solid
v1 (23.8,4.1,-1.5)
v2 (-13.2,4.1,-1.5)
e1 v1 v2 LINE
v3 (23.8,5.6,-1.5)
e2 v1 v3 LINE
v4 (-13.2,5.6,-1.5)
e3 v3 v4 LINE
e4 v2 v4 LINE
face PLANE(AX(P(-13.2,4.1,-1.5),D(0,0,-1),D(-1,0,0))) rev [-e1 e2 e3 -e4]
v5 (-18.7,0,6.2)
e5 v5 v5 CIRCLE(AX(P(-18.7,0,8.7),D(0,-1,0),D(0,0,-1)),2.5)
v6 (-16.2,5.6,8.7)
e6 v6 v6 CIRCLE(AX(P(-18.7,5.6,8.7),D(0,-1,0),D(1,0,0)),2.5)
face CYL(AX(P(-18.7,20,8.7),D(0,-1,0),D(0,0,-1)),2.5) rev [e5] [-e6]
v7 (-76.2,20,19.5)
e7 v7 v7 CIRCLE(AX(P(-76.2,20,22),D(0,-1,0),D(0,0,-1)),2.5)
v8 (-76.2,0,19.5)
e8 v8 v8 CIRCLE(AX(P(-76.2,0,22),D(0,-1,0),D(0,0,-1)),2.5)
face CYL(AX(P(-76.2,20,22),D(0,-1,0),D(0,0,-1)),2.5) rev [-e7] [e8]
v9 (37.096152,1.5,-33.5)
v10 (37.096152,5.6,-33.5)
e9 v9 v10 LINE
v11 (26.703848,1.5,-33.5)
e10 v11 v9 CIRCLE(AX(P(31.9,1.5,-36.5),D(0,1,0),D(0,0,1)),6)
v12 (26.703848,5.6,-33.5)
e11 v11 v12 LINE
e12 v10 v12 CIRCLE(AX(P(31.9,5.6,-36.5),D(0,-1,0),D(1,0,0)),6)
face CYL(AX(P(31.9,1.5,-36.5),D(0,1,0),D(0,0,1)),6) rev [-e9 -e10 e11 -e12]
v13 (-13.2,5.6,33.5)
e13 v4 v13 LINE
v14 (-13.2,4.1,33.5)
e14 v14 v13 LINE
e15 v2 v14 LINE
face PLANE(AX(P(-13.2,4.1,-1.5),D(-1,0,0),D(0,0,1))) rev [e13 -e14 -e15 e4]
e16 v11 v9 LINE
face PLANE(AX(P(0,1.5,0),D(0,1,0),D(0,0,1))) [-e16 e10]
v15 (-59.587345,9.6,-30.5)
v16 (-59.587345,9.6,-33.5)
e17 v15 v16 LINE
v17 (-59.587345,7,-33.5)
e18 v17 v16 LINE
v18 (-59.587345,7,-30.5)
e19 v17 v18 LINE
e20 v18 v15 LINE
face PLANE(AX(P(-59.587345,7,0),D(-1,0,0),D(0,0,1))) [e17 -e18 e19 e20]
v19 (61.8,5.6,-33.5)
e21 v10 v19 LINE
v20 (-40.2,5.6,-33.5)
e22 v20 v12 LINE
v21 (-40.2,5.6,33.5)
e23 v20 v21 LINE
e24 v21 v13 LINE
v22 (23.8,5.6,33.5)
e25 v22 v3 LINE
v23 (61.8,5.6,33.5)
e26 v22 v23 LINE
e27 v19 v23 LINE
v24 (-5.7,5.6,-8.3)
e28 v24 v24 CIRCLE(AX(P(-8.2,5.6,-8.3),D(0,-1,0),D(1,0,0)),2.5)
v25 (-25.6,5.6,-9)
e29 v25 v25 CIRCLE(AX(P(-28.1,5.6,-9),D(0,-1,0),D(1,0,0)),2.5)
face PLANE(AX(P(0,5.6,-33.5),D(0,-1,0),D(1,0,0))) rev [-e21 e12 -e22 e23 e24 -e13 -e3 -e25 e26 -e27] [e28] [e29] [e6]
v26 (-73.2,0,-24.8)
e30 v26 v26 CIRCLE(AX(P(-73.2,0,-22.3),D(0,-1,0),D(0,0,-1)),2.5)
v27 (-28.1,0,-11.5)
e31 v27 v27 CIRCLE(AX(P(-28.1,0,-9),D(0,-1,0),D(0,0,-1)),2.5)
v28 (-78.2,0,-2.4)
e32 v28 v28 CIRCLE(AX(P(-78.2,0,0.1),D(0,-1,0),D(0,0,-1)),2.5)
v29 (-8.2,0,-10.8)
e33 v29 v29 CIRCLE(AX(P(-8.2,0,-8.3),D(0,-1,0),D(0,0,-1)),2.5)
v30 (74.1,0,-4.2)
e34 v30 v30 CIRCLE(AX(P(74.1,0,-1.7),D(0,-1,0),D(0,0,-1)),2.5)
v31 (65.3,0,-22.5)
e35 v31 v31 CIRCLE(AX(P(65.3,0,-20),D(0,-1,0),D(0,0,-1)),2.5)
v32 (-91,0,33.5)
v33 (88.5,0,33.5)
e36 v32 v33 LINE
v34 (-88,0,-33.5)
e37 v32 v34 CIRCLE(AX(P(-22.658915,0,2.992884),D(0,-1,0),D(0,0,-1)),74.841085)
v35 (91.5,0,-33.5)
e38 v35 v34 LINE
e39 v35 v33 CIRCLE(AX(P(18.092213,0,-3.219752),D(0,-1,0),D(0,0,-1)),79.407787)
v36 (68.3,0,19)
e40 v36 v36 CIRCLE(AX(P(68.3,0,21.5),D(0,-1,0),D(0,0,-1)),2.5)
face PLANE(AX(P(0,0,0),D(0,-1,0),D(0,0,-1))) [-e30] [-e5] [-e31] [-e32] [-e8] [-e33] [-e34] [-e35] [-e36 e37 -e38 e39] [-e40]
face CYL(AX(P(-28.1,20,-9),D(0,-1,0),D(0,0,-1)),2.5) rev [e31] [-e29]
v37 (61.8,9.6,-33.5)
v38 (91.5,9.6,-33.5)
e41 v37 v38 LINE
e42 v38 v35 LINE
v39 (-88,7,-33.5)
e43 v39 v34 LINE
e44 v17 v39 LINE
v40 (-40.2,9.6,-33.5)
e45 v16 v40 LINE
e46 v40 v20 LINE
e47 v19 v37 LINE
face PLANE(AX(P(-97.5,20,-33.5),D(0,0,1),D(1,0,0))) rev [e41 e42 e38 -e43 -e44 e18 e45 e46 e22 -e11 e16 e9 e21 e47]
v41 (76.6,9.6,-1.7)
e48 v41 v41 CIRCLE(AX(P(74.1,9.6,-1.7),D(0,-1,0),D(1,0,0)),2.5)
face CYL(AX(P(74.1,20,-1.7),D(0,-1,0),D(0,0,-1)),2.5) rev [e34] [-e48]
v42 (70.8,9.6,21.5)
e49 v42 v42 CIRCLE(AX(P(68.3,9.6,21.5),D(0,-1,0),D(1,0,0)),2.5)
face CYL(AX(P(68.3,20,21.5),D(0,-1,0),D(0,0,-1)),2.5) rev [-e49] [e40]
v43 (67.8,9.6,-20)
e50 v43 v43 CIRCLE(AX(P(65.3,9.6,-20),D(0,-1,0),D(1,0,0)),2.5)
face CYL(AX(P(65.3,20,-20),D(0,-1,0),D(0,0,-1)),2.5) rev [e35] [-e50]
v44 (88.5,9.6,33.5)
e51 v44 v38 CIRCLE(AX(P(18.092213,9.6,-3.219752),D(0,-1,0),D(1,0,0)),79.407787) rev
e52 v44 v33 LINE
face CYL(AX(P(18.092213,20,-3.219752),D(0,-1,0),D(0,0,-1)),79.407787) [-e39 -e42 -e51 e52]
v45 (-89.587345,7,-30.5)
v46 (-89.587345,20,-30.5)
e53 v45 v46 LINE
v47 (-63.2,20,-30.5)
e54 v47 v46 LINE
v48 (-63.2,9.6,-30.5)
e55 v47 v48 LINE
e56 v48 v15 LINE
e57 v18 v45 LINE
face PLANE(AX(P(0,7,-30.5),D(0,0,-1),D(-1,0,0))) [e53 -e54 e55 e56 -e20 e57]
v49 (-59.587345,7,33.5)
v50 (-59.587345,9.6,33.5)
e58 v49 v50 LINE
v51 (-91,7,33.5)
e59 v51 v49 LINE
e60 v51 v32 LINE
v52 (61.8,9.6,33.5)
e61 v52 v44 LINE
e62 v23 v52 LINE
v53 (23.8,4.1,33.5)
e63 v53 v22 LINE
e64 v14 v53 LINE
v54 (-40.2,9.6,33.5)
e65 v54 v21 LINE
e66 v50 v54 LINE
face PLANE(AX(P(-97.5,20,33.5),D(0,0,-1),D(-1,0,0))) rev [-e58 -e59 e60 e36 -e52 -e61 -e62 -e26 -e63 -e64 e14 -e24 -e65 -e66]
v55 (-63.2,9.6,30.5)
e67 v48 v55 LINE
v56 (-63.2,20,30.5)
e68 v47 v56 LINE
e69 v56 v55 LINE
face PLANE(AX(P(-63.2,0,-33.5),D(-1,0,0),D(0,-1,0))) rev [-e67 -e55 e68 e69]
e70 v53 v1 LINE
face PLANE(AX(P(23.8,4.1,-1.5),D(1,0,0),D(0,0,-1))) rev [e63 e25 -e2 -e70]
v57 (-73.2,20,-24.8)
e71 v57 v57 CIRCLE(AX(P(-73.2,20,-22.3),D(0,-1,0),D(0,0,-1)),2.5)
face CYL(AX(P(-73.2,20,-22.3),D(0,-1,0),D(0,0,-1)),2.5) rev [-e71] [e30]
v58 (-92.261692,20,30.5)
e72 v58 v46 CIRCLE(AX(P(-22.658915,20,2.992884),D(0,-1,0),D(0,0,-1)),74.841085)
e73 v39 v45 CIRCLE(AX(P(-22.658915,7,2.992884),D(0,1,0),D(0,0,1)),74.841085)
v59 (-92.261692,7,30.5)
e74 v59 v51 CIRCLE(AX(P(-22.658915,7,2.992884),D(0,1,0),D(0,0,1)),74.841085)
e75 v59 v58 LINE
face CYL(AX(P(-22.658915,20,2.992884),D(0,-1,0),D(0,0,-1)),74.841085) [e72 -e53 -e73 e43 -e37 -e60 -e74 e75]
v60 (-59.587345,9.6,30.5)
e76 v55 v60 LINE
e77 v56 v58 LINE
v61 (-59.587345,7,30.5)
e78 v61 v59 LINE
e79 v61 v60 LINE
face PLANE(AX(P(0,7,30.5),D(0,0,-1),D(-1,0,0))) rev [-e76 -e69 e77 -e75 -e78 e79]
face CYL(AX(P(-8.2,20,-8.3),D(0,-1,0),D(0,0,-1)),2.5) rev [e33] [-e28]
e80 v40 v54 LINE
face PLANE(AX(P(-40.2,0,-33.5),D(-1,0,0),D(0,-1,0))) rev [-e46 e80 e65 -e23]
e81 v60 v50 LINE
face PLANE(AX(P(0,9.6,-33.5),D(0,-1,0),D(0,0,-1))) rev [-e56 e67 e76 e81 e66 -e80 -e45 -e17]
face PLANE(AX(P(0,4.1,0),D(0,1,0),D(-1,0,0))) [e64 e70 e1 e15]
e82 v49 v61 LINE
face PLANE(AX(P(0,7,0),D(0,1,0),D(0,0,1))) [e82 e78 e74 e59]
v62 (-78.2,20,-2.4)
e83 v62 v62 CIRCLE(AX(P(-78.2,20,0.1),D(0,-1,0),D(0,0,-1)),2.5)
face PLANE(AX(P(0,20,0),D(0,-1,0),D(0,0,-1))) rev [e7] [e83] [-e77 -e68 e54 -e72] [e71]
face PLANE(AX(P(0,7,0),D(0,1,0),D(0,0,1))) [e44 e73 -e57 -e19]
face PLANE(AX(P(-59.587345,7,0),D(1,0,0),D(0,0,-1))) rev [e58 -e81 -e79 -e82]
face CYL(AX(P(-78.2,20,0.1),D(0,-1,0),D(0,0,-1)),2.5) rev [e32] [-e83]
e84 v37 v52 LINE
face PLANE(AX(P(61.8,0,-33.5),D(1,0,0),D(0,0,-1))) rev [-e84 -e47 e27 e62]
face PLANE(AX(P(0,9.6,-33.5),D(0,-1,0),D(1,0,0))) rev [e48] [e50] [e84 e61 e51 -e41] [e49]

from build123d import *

# Parameters (mm, degrees)
SKETCH1_W           = 195
SKETCH1_H           = 67
BOSS_EXTRUDE1_DEPTH = 20
CUT_EXTRUDE1_DEPTH  = 20
CUT_EXTRUDE2_DEPTH  = 120.980206701
CUT_EXTRUDE3_START  = -13
SKETCH4_W           = 3.612655346
SKETCH4_H           = 3
CUT_EXTRUDE3_DEPTH  = 13
SKETCH6_R           = 2.5
CUT_EXTRUDE4_DEPTH  = 106.016665344
SKETCH7_W           = 37
SKETCH7_H           = 35
CUT_EXTRUDE5_DEPTH  = 1.5
CUT_EXTRUDE6_DEPTH  = 18.5


with BuildPart() as part:
    # Sketch1 → Boss-Extrude1 (new body)
    with BuildSketch(Plane(origin=(0, 0, 0), x_dir=(1, 0, 0), z_dir=(0, 1, 0))):
        Rectangle(SKETCH1_W, SKETCH1_H)
    extrude(amount=BOSS_EXTRUDE1_DEPTH)

    # Sketch2 → Cut-Extrude1 (cut)
    with BuildSketch(Plane.XZ):
        with BuildLine():
            Line((97.5, -3.219751644), (97.5, 33.5))
            Line((97.5, 33.5), (88.5, 33.5))
            ThreePointArc((88.5, 33.5), (95.217186872, 15.683556008), (97.5, -3.219751644))
        make_face()
        with BuildLine():
            Line((97.5, -33.5), (97.5, -3.219751644))
            ThreePointArc((97.5, -3.219751644), (95.985558513, -18.65423771), (91.5, -33.5))
            Line((91.5, -33.5), (97.5, -33.5))
        make_face()
        with BuildLine():
            ThreePointArc((-88, -33.5), (-95.08607052, -15.861694529), (-97.5, 2.992884749))
            Line((-97.5, 2.992884749), (-97.5, -33.5))
            Line((-97.5, -33.5), (-88, -33.5))
        make_face()
        with BuildLine():
            ThreePointArc((-97.5, 2.992884749), (-95.856964648, 18.588830376), (-91, 33.5))
            Line((-91, 33.5), (-97.5, 33.5))
            Line((-97.5, 33.5), (-97.5, 2.992884749))
        make_face()
    extrude(amount=-CUT_EXTRUDE1_DEPTH, mode=Mode.SUBTRACT)

    # Sketch3 → Cut-Extrude2 (cut, through all)
    with BuildSketch(Plane(origin=(0, 0, 33.5), x_dir=(-1, 0, 0), z_dir=(0, 0, -1))):
        Polygon((63.2, 20), (63.2, 9.6), (40.2, 9.6), (40.2, 5.6), (-61.8, 5.6), (-61.8, 9.6), (-97.5, 9.6), (-97.5, 20), align=None)
    extrude(amount=CUT_EXTRUDE2_DEPTH, mode=Mode.SUBTRACT)

    # Sketch4 → Cut-Extrude3 (cut)
    with BuildSketch(Plane(origin=(0, 20, 0), x_dir=(1, 0, 0), z_dir=(0, 1, 0)).offset(CUT_EXTRUDE3_START)):
        with BuildLine():
            Line((-63.2, 30.5), (-63.2, 33.5))
            Line((-63.2, 33.5), (-88, 33.5))
            ThreePointArc((-88, 33.5), (-88.810680862, 32.008999469), (-89.587344654, 30.5))
            Line((-89.587344654, 30.5), (-63.2, 30.5))
        make_face()
        with Locations((-61.393672327, 32)):
            Rectangle(SKETCH4_W, SKETCH4_H)
        with BuildLine():
            Line((-63.2, -33.5), (-63.2, -30.5))
            Line((-63.2, -30.5), (-92.261692194, -30.5))
            ThreePointArc((-92.261692194, -30.5), (-91.647155152, -32.006859002), (-91, -33.5))
            Line((-91, -33.5), (-63.2, -33.5))
        make_face()
        with Locations((-61.393672327, -32)):
            Rectangle(SKETCH4_W, SKETCH4_H)
    extrude(amount=CUT_EXTRUDE3_DEPTH, mode=Mode.SUBTRACT)

    # Sketch6 → Cut-Extrude4 (cut, through all)
    with BuildSketch(Plane.XZ):
        with Locations(Location((-28.1, -9, 0), (0, 0, 270))):
            Circle(SKETCH6_R)
        with Locations(Location((-8.2, -8.3, 0), (0, 0, 270))):
            Circle(SKETCH6_R)
        with Locations(Location((-18.7, 8.7, 0), (0, 0, 270))):
            Circle(SKETCH6_R)
        with Locations(Location((-76.2, 22, 0), (0, 0, 270))):
            Circle(SKETCH6_R)
        with Locations(Location((-78.2, 0.1, 0), (0, 0, 270))):
            Circle(SKETCH6_R)
        with Locations(Location((-73.2, -22.3, 0), (0, 0, 270))):
            Circle(SKETCH6_R)
        with Locations(Location((65.3, -20, 0), (0, 0, 270))):
            Circle(SKETCH6_R)
        with Locations(Location((74.1, -1.7, 0), (0, 0, 270))):
            Circle(SKETCH6_R)
        with Locations(Location((68.3, 21.5, 0), (0, 0, 270))):
            Circle(SKETCH6_R)
    extrude(amount=-CUT_EXTRUDE4_DEPTH, mode=Mode.SUBTRACT)

    # Sketch7 → Cut-Extrude5 (cut)
    with BuildSketch(Plane(origin=(0, 5.6, 0), x_dir=(1, 0, 0), z_dir=(0, 1, 0))):
        with Locations((5.3, -16)):
            Rectangle(SKETCH7_W, SKETCH7_H)
    extrude(amount=-CUT_EXTRUDE5_DEPTH, mode=Mode.SUBTRACT)

    # Sketch8 → Cut-Extrude6 (cut)
    with BuildSketch(Plane(origin=(0, 20, 0), x_dir=(1, 0, 0), z_dir=(0, 1, 0))):
        with BuildLine():
            Line((37.096152423, 33.5), (31.9, 33.5))
            Line((31.9, 33.5), (31.9, 30.5))
            ThreePointArc((31.9, 30.5), (34.9, 31.303847577), (37.096152423, 33.5))
        make_face()
        with BuildLine():
            Line((31.9, 33.5), (26.703847577, 33.5))
            ThreePointArc((26.703847577, 33.5), (28.9, 31.303847577), (31.9, 30.5))
            Line((31.9, 30.5), (31.9, 33.5))
        make_face()
    extrude(amount=-CUT_EXTRUDE6_DEPTH, mode=Mode.SUBTRACT)


solid = part.part
